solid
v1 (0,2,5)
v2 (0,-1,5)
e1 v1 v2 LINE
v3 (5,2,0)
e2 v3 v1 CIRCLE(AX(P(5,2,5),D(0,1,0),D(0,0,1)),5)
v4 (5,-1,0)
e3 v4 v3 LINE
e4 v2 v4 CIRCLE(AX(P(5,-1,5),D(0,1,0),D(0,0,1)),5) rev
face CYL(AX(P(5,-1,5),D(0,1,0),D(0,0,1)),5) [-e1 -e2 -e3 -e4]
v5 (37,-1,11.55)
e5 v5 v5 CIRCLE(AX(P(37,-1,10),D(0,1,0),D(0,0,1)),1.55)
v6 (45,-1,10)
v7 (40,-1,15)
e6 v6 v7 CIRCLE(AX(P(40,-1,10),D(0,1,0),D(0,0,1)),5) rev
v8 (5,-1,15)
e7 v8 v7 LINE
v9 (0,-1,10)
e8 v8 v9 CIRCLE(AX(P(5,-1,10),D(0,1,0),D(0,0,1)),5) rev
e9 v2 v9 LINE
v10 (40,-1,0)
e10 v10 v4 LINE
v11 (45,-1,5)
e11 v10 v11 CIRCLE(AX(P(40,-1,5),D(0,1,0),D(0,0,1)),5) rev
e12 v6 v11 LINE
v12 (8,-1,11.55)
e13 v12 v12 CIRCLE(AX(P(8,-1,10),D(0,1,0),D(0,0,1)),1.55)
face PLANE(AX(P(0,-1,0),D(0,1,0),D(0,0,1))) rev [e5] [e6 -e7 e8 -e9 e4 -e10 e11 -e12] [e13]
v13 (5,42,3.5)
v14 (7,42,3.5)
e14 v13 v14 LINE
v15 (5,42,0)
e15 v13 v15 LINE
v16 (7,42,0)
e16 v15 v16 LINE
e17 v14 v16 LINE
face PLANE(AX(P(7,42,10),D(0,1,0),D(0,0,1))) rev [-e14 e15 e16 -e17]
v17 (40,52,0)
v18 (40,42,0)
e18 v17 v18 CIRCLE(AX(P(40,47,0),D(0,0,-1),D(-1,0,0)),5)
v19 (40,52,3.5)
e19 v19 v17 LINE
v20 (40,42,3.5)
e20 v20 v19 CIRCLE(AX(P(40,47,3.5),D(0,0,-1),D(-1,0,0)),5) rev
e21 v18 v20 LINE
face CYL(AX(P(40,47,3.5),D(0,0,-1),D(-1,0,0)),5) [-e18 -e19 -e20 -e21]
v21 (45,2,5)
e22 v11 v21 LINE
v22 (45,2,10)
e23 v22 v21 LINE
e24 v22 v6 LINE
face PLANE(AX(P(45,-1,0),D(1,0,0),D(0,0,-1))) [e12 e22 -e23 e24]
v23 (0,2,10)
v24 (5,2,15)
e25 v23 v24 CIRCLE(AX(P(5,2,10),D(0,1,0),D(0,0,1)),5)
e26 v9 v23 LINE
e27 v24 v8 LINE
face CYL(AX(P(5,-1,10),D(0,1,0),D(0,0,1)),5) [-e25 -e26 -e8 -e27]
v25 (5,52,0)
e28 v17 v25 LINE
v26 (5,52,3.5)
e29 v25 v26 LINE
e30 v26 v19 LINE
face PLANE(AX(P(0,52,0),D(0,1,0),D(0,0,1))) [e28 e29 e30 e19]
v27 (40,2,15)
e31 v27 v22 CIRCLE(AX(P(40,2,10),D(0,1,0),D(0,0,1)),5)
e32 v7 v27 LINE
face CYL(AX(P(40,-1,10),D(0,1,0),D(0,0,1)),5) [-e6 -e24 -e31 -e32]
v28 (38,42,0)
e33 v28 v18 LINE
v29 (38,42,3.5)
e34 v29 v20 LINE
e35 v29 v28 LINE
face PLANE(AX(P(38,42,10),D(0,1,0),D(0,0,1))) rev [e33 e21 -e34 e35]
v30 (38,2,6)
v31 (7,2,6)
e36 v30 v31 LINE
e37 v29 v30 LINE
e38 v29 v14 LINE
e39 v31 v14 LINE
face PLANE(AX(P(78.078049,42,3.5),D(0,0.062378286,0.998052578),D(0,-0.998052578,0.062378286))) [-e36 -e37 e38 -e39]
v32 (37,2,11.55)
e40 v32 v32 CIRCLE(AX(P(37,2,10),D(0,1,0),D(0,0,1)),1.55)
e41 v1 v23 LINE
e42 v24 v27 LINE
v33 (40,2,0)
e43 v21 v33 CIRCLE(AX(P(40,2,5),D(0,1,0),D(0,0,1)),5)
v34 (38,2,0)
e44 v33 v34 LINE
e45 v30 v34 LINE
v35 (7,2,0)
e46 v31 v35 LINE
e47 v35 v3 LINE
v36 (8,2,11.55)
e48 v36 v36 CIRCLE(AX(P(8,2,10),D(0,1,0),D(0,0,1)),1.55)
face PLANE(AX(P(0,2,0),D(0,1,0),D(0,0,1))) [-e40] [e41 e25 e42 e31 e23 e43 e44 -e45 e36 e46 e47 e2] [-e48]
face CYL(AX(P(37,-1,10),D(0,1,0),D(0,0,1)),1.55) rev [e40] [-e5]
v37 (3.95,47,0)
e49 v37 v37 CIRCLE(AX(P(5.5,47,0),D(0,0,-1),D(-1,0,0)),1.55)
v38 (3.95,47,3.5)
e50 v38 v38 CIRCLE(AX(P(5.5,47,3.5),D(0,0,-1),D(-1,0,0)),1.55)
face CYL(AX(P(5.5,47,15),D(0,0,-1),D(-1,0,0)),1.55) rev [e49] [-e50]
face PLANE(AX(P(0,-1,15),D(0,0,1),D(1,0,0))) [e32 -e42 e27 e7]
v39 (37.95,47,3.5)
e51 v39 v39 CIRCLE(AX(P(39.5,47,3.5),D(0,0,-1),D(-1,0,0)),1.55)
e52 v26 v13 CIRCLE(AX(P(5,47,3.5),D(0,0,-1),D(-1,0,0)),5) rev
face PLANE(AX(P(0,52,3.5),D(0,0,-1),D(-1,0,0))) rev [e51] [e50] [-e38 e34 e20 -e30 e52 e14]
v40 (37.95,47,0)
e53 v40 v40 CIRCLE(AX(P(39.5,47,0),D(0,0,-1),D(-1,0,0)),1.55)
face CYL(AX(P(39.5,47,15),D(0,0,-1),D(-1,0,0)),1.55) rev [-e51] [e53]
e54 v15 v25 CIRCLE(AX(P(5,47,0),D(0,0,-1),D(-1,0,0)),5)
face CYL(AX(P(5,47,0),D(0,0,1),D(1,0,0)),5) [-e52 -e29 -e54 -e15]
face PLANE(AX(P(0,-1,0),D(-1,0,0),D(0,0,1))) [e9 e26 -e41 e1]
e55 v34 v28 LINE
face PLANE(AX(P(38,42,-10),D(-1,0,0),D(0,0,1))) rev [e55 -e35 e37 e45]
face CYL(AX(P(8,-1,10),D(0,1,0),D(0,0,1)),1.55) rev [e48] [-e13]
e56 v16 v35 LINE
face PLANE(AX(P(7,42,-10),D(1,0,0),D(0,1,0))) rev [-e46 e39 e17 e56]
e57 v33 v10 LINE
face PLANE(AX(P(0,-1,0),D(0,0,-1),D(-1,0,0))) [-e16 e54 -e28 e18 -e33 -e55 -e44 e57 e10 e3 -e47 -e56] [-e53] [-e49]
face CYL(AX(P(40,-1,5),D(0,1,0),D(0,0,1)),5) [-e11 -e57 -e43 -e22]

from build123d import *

# Parameters (mm, degrees)
EXTRUDE_1_DEPTH          = 2
EXTRUDE_1_DEPTH_BACK     = 1
SKETCH_1_W               = 45
SKETCH_1_H               = 15
SKETCH_2_W               = 45
SKETCH_2_H               = 3.5
EXTRUDE_2_DEPTH          = 50
SKETCH_3_R               = 1.55
CUT_EXTRUDE_1_DEPTH      = 69.92024376
SKETCH_4_R               = 1.55
CUT_EXTRUDE_2_DEPTH      = 71.384657419
SKETCH_5_W               = 31
SKETCH_5_H               = 5
EXTRUDE_4_DEPTH          = 10
SKETCH_8_W               = 7
SKETCH_8_H               = 40
CUT_EXTRUDE_5_DEPTH      = 10
FILLET_4_RADIUS          = 5
FILLET_4_LENGTH          = 3.5
FILLET_5_RADIUS          = 5
FILLET_5_LENGTH          = 3.5
CUT_EXTRUDE_7_DEPTH      = 67.128662469
CUT_EXTRUDE_7_DEPTH_BACK = 67.128662469
EXTRUDE_5_DEPTH          = 31
FILLET_6_R               = 5


with BuildPart() as part:
    # 草图1 → 凸台-拉伸1 (new, two sides: drawn at the far end of the back side and taken through both)
    with BuildSketch(Plane(origin=(0, 0, 0), x_dir=(1, 0, 0), z_dir=(0, 1, 0)).offset(-EXTRUDE_1_DEPTH_BACK)):
        with Locations((22.5, -7.5)):
            Rectangle(SKETCH_1_W, SKETCH_1_H)
    extrude(amount=EXTRUDE_1_DEPTH + EXTRUDE_1_DEPTH_BACK)

    # 草图2 → 凸台-拉伸2 (add)
    with BuildSketch(Plane(origin=(0, 2, 0), x_dir=(1, 0, 0), z_dir=(0, 1, 0))):
        with Locations((22.5, -1.75)):
            Rectangle(SKETCH_2_W, SKETCH_2_H)
    extrude(amount=EXTRUDE_2_DEPTH)

    # 草图3 → 切除-拉伸1 (cut, through all)
    with BuildSketch(Plane(origin=(0, 2, 0), x_dir=(1, 0, 0), z_dir=(0, 1, 0))):
        with Locations(Location((8, -10, 0), (0, 0, 270))):
            Circle(SKETCH_3_R)
        with Locations(Location((37, -10, 0), (0, 0, 270))):
            Circle(SKETCH_3_R)
    extrude(amount=-CUT_EXTRUDE_1_DEPTH, mode=Mode.SUBTRACT)

    # 草图4 → 切除-拉伸2 (cut, through all)
    with BuildSketch(Plane(origin=(0, 0, 0), x_dir=(-1, 0, 0), z_dir=(0, 0, -1))):
        with Locations((-39.5, 47)):
            Circle(SKETCH_4_R)
        with Locations((-5.5, 47)):
            Circle(SKETCH_4_R)
    extrude(amount=-CUT_EXTRUDE_2_DEPTH, mode=Mode.SUBTRACT)

    # 草图5 → 凸台-拉伸4 (add)
    with BuildSketch(Plane(origin=(0, 0, 0), x_dir=(-1, 0, 0), z_dir=(0, 0, -1))):
        with Locations((-22.5, 39.5)):
            Rectangle(SKETCH_5_W, SKETCH_5_H)
    extrude(amount=EXTRUDE_4_DEPTH)

    # 草图8 → 切除-拉伸5 (cut)
    with BuildSketch(Plane(origin=(0, 0, 0), x_dir=(-1, 0, 0), z_dir=(0, 0, -1))):
        with Locations((-41.5, 22)):
            Rectangle(SKETCH_8_W, SKETCH_8_H)
        with Locations((-3.5, 22)):
            Rectangle(SKETCH_8_W, SKETCH_8_H)
    extrude(amount=-CUT_EXTRUDE_5_DEPTH, mode=Mode.SUBTRACT)

    # 圆角4: full round fillet: the end face becomes a half cylinder, R = half its width
    fillet_4_face = Plane((45, 47, 1.75), x_dir=(0, 0, 1), z_dir=(1, 0, 0))  # on the end face: x along it, z out of the body
    fillet_4_slab = fillet_4_face.offset(-FILLET_4_RADIUS / 2) * Box(FILLET_4_LENGTH, 2 * FILLET_4_RADIUS, FILLET_4_RADIUS, mode=Mode.PRIVATE)  # the body's end, R deep
    fillet_4_round = Plane((40, 47, 1.75), x_dir=(1, 0, 0), z_dir=(0, 0, 1)) * Cylinder(FILLET_4_RADIUS, FILLET_4_LENGTH, mode=Mode.PRIVATE)  # its axis R under the face
    add(fillet_4_slab - fillet_4_round, mode=Mode.SUBTRACT)

    # 圆角5: full round fillet: the end face becomes a half cylinder, R = half its width
    fillet_5_face = Plane((0, 47, 1.75), x_dir=(0, 0, -1), z_dir=(-1, 0, 0))  # on the end face: x along it, z out of the body
    fillet_5_slab = fillet_5_face.offset(-FILLET_5_RADIUS / 2) * Box(FILLET_5_LENGTH, 2 * FILLET_5_RADIUS, FILLET_5_RADIUS, mode=Mode.PRIVATE)  # the body's end, R deep
    fillet_5_round = Plane((5, 47, 1.75), x_dir=(-1, 0, 0), z_dir=(0, 0, -1)) * Cylinder(FILLET_5_RADIUS, FILLET_5_LENGTH, mode=Mode.PRIVATE)  # its axis R under the face
    add(fillet_5_slab - fillet_5_round, mode=Mode.SUBTRACT)

    # 草图18 → 切除-拉伸7 (cut, two sides: drawn at the far end of the back side and taken through both)
    with BuildSketch(Plane.ZY.offset(-7).offset(-CUT_EXTRUDE_7_DEPTH_BACK)):
        Polygon((0, 37), (0, 42.006951797), (-10, 42), (-10, 37), align=None)
    extrude(amount=CUT_EXTRUDE_7_DEPTH + CUT_EXTRUDE_7_DEPTH_BACK, mode=Mode.SUBTRACT)

    # 草图20 → 凸台-拉伸5 (add)
    with BuildSketch(Plane.ZY.offset(-7)):
        Polygon((3.5, 42), (6, 2), (3.5, 2), align=None)
    extrude(amount=-EXTRUDE_5_DEPTH)

    # 圆角6
    fillet_6_edges = [part.edges().sort_by_distance(p)[0] for p in [
        (0, 0.5, 0),
        (45, 0.5, 0),
        (45, 0.5, 15),
        (0, 0.5, 15),
    ]]
    fillet(fillet_6_edges, radius=FILLET_6_R)


solid = part.part
